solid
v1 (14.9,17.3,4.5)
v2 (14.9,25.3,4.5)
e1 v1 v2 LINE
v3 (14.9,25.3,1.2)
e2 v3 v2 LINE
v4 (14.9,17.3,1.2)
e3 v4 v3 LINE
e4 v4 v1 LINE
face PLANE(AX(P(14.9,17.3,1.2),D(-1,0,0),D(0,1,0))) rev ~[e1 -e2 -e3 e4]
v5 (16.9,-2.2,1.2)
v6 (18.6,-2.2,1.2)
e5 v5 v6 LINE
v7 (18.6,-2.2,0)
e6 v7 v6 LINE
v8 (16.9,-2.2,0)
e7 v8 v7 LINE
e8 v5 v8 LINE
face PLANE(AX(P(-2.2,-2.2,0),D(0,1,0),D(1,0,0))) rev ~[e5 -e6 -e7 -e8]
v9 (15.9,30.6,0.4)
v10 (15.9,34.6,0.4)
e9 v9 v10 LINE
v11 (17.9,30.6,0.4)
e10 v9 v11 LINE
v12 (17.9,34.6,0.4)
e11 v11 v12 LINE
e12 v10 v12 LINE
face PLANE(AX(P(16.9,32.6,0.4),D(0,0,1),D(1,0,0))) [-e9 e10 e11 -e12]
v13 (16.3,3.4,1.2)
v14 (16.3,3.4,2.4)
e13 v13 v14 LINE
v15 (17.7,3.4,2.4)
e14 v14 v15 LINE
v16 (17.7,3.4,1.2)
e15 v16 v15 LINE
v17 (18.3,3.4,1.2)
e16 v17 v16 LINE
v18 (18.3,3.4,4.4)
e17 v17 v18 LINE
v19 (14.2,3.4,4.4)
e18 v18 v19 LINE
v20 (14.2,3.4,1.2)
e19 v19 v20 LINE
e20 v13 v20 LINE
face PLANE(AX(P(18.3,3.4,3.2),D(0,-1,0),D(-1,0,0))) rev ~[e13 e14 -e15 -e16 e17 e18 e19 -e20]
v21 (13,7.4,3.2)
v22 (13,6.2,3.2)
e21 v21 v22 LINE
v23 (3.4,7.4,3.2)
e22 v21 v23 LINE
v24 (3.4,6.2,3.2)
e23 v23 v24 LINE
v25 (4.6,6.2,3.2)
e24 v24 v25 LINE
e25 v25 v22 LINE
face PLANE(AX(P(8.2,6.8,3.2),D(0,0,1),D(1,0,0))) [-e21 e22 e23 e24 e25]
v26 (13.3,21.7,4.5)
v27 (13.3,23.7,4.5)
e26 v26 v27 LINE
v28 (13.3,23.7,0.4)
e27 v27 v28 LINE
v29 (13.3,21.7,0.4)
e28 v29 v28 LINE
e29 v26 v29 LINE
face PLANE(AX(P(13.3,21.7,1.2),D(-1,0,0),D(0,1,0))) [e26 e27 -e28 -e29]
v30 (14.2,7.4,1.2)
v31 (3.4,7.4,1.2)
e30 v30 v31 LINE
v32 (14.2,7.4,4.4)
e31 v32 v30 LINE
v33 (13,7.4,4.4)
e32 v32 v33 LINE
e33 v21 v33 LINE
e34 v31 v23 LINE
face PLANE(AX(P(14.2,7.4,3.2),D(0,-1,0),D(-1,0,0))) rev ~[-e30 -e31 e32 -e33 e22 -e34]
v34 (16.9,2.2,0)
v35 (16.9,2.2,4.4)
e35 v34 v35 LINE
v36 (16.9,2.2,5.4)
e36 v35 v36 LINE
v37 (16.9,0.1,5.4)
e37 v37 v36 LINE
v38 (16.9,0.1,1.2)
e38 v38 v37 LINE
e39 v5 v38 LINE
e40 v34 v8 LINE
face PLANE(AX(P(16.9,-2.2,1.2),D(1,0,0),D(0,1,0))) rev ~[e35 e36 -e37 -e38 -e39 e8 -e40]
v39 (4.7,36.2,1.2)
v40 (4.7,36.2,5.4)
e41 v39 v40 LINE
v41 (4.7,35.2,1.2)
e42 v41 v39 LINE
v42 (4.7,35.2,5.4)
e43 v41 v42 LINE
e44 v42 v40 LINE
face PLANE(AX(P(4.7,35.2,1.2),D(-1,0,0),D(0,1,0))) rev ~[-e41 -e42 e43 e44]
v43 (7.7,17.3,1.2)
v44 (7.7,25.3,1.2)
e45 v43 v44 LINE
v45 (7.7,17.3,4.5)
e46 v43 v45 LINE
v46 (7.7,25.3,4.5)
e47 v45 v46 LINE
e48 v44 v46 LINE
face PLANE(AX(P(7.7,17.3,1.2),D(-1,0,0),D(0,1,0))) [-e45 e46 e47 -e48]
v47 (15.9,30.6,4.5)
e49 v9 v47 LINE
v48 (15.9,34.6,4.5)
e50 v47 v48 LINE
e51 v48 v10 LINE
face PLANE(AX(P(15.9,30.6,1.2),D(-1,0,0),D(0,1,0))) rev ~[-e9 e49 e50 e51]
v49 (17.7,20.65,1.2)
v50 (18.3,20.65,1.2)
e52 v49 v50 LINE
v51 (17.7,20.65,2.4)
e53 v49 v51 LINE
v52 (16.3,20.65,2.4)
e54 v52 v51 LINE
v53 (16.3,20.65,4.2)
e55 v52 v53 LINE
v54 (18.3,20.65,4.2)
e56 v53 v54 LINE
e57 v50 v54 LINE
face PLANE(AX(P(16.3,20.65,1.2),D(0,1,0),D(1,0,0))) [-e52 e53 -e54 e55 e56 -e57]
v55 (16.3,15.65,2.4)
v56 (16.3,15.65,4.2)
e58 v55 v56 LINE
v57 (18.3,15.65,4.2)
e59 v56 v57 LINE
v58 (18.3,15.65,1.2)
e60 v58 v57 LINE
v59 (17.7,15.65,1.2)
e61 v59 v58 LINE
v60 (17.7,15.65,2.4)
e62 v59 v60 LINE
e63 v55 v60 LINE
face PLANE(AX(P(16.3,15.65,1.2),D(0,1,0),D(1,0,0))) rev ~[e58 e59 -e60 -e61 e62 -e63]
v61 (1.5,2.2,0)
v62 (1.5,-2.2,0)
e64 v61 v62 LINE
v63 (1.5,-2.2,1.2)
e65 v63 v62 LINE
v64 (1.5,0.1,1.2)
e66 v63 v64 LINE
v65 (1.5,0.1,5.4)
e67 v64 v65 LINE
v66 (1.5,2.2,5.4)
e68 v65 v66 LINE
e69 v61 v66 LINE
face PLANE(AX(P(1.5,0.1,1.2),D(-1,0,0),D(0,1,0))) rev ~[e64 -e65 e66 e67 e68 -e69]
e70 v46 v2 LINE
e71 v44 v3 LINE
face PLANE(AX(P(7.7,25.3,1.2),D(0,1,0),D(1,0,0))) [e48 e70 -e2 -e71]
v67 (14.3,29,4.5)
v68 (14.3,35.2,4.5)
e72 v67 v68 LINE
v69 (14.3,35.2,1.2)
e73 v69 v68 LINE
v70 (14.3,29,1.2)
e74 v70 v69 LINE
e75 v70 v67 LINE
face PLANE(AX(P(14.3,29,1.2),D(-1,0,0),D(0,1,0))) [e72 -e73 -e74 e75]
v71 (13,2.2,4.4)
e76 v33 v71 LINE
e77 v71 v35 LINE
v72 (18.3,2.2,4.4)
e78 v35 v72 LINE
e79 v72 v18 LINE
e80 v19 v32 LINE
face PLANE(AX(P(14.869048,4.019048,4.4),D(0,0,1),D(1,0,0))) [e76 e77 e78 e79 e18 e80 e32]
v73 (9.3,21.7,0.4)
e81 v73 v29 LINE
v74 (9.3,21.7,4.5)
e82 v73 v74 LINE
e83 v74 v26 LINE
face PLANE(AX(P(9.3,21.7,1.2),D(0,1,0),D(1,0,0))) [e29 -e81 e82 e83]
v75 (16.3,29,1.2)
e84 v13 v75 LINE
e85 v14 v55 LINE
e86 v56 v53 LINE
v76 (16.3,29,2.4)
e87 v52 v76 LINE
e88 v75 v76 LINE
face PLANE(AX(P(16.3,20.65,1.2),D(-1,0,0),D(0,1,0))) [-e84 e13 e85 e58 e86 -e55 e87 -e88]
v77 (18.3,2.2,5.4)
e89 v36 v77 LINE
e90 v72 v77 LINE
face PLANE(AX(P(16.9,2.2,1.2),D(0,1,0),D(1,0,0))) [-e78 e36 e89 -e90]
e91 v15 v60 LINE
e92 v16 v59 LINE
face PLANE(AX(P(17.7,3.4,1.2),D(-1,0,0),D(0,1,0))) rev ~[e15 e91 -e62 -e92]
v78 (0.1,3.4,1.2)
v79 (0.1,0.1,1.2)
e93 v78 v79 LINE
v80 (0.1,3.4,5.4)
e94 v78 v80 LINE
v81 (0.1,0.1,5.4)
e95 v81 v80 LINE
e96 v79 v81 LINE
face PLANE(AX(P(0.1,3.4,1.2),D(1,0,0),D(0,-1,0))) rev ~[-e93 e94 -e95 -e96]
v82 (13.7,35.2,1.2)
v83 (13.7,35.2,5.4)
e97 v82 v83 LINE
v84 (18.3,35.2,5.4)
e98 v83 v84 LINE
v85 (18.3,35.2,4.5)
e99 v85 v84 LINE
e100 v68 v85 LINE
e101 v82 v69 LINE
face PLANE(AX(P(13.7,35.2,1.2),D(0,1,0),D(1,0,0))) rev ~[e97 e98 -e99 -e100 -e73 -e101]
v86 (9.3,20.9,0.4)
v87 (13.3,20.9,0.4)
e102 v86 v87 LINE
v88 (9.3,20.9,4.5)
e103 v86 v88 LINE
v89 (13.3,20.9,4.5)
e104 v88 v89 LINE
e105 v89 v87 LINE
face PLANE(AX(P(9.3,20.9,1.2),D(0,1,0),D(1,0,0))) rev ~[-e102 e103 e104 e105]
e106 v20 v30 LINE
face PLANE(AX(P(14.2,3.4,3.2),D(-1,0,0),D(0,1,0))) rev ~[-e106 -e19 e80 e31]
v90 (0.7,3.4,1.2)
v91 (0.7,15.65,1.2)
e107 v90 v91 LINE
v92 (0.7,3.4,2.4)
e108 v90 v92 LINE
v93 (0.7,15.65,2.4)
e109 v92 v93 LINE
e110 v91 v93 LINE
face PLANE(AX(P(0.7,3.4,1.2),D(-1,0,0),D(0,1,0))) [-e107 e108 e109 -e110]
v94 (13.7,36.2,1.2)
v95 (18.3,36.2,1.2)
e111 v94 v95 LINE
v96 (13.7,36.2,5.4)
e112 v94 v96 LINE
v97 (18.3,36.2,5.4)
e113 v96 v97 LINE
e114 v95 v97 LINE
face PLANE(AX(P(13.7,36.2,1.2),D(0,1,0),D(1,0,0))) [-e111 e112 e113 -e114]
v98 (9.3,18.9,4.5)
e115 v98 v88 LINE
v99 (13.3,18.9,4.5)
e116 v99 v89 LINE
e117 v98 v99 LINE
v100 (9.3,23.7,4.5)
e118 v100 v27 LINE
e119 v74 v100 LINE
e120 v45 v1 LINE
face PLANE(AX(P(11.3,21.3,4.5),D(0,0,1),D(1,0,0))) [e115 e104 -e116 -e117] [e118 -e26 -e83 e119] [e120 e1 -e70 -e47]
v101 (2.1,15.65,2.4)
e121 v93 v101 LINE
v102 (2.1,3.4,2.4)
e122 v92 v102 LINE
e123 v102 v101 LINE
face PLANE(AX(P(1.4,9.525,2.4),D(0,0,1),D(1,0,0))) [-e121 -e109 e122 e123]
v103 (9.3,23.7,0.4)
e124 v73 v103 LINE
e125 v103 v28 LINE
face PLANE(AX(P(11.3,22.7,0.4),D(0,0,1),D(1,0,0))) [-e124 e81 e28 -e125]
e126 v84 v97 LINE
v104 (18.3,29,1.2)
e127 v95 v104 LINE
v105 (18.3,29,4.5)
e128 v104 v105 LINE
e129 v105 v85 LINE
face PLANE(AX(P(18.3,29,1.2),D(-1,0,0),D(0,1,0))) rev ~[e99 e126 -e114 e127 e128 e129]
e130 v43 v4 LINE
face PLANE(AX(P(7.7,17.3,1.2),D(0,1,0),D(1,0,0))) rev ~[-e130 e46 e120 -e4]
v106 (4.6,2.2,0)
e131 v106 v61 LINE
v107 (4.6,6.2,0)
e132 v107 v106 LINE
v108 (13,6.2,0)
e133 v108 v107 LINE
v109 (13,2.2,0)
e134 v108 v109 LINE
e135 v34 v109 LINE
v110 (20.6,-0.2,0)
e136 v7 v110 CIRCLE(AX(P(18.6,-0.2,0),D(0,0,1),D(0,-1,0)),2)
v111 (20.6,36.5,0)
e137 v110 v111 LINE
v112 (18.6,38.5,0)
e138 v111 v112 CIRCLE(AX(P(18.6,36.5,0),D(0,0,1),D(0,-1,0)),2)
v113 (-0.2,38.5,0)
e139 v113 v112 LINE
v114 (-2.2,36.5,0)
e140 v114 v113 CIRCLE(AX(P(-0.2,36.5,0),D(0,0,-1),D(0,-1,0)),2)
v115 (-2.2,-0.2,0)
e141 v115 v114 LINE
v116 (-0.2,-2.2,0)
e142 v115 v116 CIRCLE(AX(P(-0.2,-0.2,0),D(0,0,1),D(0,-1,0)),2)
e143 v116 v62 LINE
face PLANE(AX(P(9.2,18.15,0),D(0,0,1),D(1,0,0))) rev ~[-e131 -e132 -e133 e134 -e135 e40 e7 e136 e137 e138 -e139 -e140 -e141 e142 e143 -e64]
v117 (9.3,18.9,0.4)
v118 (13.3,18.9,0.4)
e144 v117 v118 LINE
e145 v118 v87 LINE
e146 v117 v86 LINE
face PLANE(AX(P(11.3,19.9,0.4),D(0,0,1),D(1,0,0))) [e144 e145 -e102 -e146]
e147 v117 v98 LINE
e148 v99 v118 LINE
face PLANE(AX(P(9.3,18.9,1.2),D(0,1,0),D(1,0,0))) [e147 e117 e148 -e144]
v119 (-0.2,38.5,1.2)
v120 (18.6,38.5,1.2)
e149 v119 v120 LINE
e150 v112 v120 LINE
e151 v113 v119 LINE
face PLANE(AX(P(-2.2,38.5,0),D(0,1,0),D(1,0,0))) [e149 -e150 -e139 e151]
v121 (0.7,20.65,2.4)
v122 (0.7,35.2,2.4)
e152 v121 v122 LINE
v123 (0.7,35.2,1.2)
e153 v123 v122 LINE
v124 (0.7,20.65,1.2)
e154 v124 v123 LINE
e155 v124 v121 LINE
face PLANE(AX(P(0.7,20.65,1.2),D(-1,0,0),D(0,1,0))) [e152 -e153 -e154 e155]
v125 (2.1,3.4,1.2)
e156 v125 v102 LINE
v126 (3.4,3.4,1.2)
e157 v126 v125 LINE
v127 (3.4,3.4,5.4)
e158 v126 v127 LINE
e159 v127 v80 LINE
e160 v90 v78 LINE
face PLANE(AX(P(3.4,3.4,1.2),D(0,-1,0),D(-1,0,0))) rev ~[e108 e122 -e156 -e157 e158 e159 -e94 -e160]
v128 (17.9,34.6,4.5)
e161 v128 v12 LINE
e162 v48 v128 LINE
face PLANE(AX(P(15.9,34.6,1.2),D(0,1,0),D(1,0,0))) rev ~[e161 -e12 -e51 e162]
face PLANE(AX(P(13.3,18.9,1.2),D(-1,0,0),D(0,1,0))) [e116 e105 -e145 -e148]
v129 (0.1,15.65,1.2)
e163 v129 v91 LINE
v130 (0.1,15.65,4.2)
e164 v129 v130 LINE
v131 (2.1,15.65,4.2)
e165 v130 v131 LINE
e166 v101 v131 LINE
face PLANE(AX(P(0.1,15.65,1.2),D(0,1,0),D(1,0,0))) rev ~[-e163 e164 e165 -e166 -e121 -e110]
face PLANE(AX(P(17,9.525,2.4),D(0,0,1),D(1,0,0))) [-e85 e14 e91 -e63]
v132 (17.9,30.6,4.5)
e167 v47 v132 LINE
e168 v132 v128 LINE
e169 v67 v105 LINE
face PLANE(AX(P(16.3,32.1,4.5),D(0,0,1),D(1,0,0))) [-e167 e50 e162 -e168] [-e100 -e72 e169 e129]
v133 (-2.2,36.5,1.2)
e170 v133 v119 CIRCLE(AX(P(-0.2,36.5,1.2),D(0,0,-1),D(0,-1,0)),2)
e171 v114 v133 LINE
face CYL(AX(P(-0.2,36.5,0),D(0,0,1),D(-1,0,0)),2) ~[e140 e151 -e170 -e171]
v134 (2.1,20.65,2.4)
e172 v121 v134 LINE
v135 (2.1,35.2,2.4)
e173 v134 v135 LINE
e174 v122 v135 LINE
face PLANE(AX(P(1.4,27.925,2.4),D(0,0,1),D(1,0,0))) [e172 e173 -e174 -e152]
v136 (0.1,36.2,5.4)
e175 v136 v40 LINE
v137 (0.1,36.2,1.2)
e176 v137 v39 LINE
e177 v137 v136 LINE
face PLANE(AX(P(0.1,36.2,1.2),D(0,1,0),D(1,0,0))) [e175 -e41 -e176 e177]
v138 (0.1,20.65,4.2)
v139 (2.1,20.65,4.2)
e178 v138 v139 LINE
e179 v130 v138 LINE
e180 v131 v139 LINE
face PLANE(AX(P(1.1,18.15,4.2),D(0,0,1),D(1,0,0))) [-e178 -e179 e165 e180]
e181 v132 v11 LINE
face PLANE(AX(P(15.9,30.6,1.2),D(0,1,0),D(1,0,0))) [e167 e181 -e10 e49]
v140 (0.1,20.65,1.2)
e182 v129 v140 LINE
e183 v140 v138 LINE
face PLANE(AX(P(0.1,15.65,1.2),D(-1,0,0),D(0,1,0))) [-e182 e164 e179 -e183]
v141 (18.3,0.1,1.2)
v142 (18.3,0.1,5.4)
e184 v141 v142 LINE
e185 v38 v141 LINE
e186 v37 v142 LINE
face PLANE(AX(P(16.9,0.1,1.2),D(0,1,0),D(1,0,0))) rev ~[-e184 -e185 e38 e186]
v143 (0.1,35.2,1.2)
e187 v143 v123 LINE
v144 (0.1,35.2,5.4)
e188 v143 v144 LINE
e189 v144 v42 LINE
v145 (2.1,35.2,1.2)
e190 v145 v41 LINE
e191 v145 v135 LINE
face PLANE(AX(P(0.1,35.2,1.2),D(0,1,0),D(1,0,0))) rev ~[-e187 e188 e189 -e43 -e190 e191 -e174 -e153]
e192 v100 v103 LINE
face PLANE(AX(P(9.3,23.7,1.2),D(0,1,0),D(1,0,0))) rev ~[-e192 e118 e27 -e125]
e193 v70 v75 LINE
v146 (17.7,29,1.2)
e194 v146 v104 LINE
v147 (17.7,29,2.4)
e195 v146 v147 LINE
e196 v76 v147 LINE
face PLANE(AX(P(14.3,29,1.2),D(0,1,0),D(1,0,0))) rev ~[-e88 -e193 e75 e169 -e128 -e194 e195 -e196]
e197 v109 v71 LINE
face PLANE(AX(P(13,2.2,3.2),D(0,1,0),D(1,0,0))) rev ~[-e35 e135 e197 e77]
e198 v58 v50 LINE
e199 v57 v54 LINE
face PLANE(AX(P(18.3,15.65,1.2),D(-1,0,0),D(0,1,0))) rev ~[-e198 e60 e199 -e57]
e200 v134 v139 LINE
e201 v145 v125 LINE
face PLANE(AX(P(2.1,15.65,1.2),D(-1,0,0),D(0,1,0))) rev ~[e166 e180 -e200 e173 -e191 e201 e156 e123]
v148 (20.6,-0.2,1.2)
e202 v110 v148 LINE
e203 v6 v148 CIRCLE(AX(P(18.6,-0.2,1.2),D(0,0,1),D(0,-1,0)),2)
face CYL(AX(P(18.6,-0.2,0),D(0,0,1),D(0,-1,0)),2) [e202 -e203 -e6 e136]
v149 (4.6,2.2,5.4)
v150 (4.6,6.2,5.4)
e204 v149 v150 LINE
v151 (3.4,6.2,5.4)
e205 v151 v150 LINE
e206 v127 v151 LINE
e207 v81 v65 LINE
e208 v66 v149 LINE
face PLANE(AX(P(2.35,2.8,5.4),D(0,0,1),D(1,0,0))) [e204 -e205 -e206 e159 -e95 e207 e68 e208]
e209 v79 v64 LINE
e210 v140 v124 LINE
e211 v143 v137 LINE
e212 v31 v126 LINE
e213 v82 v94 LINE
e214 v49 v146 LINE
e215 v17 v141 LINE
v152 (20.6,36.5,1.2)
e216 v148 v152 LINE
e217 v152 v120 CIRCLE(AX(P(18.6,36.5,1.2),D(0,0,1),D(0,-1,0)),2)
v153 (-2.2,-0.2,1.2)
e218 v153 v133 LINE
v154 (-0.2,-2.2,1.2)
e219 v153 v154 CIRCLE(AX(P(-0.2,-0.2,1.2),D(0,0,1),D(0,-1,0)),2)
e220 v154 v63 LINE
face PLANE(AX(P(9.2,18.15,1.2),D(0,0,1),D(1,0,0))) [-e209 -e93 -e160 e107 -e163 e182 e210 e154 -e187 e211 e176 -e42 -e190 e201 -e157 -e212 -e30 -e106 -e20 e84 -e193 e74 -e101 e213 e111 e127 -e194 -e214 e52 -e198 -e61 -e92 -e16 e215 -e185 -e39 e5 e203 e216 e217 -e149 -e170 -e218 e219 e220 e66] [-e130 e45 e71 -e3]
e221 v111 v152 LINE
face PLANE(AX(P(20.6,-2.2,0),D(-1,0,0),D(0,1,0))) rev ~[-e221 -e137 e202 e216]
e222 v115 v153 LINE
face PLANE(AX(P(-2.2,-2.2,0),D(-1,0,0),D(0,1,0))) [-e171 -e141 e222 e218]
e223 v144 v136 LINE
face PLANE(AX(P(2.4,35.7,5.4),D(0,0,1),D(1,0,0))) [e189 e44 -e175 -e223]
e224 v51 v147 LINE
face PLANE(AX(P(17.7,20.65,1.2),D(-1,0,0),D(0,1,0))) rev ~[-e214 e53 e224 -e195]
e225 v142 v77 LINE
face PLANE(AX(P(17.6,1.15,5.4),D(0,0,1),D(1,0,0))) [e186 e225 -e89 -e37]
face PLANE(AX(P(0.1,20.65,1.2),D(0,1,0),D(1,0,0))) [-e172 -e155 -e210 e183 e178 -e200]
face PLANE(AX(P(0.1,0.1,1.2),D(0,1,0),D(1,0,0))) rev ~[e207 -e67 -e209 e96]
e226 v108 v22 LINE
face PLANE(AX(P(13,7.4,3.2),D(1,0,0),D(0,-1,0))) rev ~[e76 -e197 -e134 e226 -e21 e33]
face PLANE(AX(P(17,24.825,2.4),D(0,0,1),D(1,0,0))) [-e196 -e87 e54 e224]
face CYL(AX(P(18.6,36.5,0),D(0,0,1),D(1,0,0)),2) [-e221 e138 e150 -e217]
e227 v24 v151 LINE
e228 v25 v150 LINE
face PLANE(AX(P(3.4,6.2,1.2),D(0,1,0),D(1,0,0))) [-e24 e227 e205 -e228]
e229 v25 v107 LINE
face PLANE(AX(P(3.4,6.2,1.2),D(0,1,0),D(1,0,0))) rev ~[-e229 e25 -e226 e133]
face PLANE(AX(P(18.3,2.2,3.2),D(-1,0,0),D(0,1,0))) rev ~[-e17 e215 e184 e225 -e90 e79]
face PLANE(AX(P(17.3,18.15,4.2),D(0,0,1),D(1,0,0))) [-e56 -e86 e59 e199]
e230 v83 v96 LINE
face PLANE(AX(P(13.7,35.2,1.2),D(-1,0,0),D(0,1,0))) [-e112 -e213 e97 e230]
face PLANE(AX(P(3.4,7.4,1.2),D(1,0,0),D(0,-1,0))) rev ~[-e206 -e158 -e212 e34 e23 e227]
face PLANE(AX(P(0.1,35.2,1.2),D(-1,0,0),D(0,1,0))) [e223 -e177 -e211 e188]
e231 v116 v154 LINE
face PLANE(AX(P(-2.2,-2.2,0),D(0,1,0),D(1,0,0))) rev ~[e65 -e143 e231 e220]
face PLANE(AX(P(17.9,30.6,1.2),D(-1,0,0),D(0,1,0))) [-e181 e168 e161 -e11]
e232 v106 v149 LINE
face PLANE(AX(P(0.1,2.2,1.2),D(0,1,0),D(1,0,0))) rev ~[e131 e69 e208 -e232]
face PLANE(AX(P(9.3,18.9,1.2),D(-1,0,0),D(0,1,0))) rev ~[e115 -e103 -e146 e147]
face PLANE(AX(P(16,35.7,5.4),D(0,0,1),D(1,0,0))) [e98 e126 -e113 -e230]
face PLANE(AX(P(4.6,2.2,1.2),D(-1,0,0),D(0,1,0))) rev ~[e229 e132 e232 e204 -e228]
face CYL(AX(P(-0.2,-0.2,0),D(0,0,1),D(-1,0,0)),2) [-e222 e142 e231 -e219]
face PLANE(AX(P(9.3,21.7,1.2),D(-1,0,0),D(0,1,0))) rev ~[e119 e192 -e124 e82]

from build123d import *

# Parameters (mm, degrees)
SKETCH1_W                      = 22.8
SKETCH1_H                      = 40.7
BOSS_EXTRUDE1_DEPTH            = 1.2
FILLET1_R                      = 2
CUT_EXTRUDE1_REACH             = 45.681
SKETCH4_W                      = 15.4
SKETCH4_H                      = 4.4
CUT_EXTRUDE1_DIRECTION_2_DEPTH = 44.681231668
CUT_EXTRUDE2_REACH             = 45.681
SKETCH5_W                      = 8.4
SKETCH5_H                      = 4
SKETCH6_W                      = 4.6
SKETCH6_H                      = 1
SKETCH6_W_2                    = 1.4
SKETCH6_H_2                    = 2.1
BOSS_EXTRUDE3_DEPTH            = 4.2
SKETCH7_W                      = 1.2
SKETCH7_H                      = 2.8
BOSS_EXTRUDE4_DEPTH            = 4.2
BOSS_EXTRUDE5_DEPTH            = 2
BOSS_EXTRUDE6_DEPTH            = 1.2
SKETCH10_W                     = 2
SKETCH10_H                     = 4
SKETCH10_W_2                   = 4
SKETCH10_H_2                   = 2
CUT_EXTRUDE3_DEPTH             = 0.8
SKETCH11_W                     = 7.2
SKETCH11_H                     = 8
SKETCH11_W_2                   = 4
SKETCH11_H_2                   = 2
SKETCH11_H_3                   = 6.2
SKETCH11_W_3                   = 2
SKETCH11_H_4                   = 4
BOSS_EXTRUDE7_DEPTH            = 3.3
SKETCH12_W                     = 2
SKETCH12_H                     = 5
BOSS_EXTRUDE8_DEPTH            = 3
SKETCH13_W                     = 1.4
SKETCH13_H                     = 14.55
SKETCH13_H_2                   = 8.35
SKETCH13_H_3                   = 12.25
BOSS_EXTRUDE9_DEPTH            = 1.2


with BuildPart() as part:
    # Sketch1 → Boss-Extrude1 (new body)
    with BuildSketch(Plane.XY):
        with Locations((9.2, 18.15)):
            Rectangle(SKETCH1_W, SKETCH1_H)
    extrude(amount=BOSS_EXTRUDE1_DEPTH)

    # Fillet1
    fillet1_edges = [part.edges().sort_by_distance(p)[0] for p in [
        (-2.2, 38.5, 0.6),
        (20.6, 38.5, 0.6),
        (20.6, -2.2, 0.6),
        (-2.2, -2.2, 0.6),
    ]]
    fillet(fillet1_edges, radius=FILLET1_R)

    # Sketch4 → Cut-Extrude1 (cut, up to next)
    with BuildSketch(Plane.XY.offset(1.2), mode=Mode.PRIVATE) as cut_extrude1_sk1:
        with Locations((9.2, 0)):
            Rectangle(SKETCH4_W, SKETCH4_H)
    cut_extrude1_tool1 = extrude(cut_extrude1_sk1.sketch, amount=-CUT_EXTRUDE1_REACH, mode=Mode.PRIVATE) & part.part
    add(cut_extrude1_tool1.solids().sort_by_distance((9.2, 0, 1.2))[0], mode=Mode.SUBTRACT)

    # Sketch4 → Cut-Extrude1 direction 2 (cut)
    with BuildSketch(Plane.XY.offset(1.2)):
        with Locations((9.2, 0)):
            Rectangle(SKETCH4_W, SKETCH4_H)
    extrude(amount=CUT_EXTRUDE1_DIRECTION_2_DEPTH, mode=Mode.SUBTRACT)

    # Sketch5 → Cut-Extrude2 (cut, up to next)
    with BuildSketch(Plane.XY.offset(1.2), mode=Mode.PRIVATE) as cut_extrude2_sk1:
        with Locations((8.8, 4.2)):
            Rectangle(SKETCH5_W, SKETCH5_H)
    cut_extrude2_tool1 = extrude(cut_extrude2_sk1.sketch, amount=-CUT_EXTRUDE2_REACH, mode=Mode.PRIVATE) & part.part
    add(cut_extrude2_tool1.solids().sort_by_distance((8.8, 4.2, 1.2))[0], mode=Mode.SUBTRACT)

    # Sketch6 → Boss-Extrude3 (add)
    with BuildSketch(Plane.XY.offset(1.2)):
        with Locations((16, 35.7)):
            Rectangle(SKETCH6_W, SKETCH6_H)
        with Locations((2.4, 35.7)):
            Rectangle(SKETCH6_W, SKETCH6_H)
        with Locations((0.8, 1.15)):
            Rectangle(SKETCH6_W_2, SKETCH6_H_2)
        with Locations((17.6, 1.15)):
            Rectangle(SKETCH6_W_2, SKETCH6_H_2)
    extrude(amount=BOSS_EXTRUDE3_DEPTH)

    # Sketch7 → Boss-Extrude4 (add)
    with BuildSketch(Plane.XY.offset(1.2)):
        Polygon((0.1, 3.4), (0.1, 2.2), (1.5, 2.2), (4.6, 2.2), (4.6, 3.4), (3.4, 3.4), align=None)
        with Locations((4, 4.8)):
            Rectangle(SKETCH7_W, SKETCH7_H)
    extrude(amount=BOSS_EXTRUDE4_DEPTH)

    # Sketch8 → Boss-Extrude5 (add)
    with BuildSketch(Plane.XY.offset(1.2)):
        Polygon((4.6, 6.2), (13, 6.2), (13, 7.4), (3.4, 7.4), (3.4, 6.2), align=None)
        Polygon((13, 3.4), (14.2, 3.4), (14.2, 7.4), (13, 7.4), (13, 6.2), align=None)
        Polygon((16.9, 2.2), (18.3, 2.2), (18.3, 3.4), (14.2, 3.4), (13, 3.4), (13, 2.2), align=None)
    extrude(amount=BOSS_EXTRUDE5_DEPTH)

    # Sketch9 → Boss-Extrude6 (add)
    with BuildSketch(Plane.XY.offset(3.2)):
        Polygon((13, 7.4), (13, 6.2), (13, 2.2), (16.9, 2.2), (18.3, 2.2), (18.3, 3.4), (14.2, 3.4), (14.2, 7.4), align=None)
    extrude(amount=BOSS_EXTRUDE6_DEPTH)

    # Sketch10 → Cut-Extrude3 (cut)
    with BuildSketch(Plane.XY.offset(1.2)):
        with Locations((16.9, 32.6)):
            Rectangle(SKETCH10_W, SKETCH10_H)
        with Locations((11.3, 22.7)):
            Rectangle(SKETCH10_W_2, SKETCH10_H_2)
        with Locations((11.3, 19.9)):
            Rectangle(SKETCH10_W_2, SKETCH10_H_2)
    extrude(amount=-CUT_EXTRUDE3_DEPTH, mode=Mode.SUBTRACT)

    # Sketch11 → Boss-Extrude7 (add)
    # profile 1 of 2: a face of its own
    with BuildSketch(Plane.XY.offset(1.2)):
        with Locations((11.3, 21.3)):
            Rectangle(SKETCH11_W, SKETCH11_H)
        with Locations((11.3, 19.9)):
            Rectangle(SKETCH11_W_2, SKETCH11_H_2, mode=Mode.SUBTRACT)
        with Locations((11.3, 22.7)):
            Rectangle(SKETCH11_W_2, SKETCH11_H_2, mode=Mode.SUBTRACT)
    # profile 2 of 2: a face of its own
    with BuildSketch(Plane.XY.offset(1.2)):
        with Locations((16.3, 32.1)):
            Rectangle(SKETCH11_W_2, SKETCH11_H_3)
        with Locations((16.9, 32.6)):
            Rectangle(SKETCH11_W_3, SKETCH11_H_4, mode=Mode.SUBTRACT)
    extrude(amount=BOSS_EXTRUDE7_DEPTH)

    # Sketch12 → Boss-Extrude8 (add)
    with BuildSketch(Plane.XY.offset(1.2)):
        with Locations((1.1, 18.15)):
            Rectangle(SKETCH12_W, SKETCH12_H)
        with Locations((17.3, 18.15)):
            Rectangle(SKETCH12_W, SKETCH12_H)
    extrude(amount=BOSS_EXTRUDE8_DEPTH)

    # Sketch13 → Boss-Extrude9 (add)
    with BuildSketch(Plane.XY.offset(1.2)):
        with Locations((1.4, 27.925)):
            Rectangle(SKETCH13_W, SKETCH13_H)
        with Locations((17, 24.825)):
            Rectangle(SKETCH13_W, SKETCH13_H_2)
        with Locations((17, 9.525)):
            Rectangle(SKETCH13_W, SKETCH13_H_3)
        with Locations((1.4, 9.525)):
            Rectangle(SKETCH13_W, SKETCH13_H_3)
    extrude(amount=BOSS_EXTRUDE9_DEPTH)


solid = part.part
